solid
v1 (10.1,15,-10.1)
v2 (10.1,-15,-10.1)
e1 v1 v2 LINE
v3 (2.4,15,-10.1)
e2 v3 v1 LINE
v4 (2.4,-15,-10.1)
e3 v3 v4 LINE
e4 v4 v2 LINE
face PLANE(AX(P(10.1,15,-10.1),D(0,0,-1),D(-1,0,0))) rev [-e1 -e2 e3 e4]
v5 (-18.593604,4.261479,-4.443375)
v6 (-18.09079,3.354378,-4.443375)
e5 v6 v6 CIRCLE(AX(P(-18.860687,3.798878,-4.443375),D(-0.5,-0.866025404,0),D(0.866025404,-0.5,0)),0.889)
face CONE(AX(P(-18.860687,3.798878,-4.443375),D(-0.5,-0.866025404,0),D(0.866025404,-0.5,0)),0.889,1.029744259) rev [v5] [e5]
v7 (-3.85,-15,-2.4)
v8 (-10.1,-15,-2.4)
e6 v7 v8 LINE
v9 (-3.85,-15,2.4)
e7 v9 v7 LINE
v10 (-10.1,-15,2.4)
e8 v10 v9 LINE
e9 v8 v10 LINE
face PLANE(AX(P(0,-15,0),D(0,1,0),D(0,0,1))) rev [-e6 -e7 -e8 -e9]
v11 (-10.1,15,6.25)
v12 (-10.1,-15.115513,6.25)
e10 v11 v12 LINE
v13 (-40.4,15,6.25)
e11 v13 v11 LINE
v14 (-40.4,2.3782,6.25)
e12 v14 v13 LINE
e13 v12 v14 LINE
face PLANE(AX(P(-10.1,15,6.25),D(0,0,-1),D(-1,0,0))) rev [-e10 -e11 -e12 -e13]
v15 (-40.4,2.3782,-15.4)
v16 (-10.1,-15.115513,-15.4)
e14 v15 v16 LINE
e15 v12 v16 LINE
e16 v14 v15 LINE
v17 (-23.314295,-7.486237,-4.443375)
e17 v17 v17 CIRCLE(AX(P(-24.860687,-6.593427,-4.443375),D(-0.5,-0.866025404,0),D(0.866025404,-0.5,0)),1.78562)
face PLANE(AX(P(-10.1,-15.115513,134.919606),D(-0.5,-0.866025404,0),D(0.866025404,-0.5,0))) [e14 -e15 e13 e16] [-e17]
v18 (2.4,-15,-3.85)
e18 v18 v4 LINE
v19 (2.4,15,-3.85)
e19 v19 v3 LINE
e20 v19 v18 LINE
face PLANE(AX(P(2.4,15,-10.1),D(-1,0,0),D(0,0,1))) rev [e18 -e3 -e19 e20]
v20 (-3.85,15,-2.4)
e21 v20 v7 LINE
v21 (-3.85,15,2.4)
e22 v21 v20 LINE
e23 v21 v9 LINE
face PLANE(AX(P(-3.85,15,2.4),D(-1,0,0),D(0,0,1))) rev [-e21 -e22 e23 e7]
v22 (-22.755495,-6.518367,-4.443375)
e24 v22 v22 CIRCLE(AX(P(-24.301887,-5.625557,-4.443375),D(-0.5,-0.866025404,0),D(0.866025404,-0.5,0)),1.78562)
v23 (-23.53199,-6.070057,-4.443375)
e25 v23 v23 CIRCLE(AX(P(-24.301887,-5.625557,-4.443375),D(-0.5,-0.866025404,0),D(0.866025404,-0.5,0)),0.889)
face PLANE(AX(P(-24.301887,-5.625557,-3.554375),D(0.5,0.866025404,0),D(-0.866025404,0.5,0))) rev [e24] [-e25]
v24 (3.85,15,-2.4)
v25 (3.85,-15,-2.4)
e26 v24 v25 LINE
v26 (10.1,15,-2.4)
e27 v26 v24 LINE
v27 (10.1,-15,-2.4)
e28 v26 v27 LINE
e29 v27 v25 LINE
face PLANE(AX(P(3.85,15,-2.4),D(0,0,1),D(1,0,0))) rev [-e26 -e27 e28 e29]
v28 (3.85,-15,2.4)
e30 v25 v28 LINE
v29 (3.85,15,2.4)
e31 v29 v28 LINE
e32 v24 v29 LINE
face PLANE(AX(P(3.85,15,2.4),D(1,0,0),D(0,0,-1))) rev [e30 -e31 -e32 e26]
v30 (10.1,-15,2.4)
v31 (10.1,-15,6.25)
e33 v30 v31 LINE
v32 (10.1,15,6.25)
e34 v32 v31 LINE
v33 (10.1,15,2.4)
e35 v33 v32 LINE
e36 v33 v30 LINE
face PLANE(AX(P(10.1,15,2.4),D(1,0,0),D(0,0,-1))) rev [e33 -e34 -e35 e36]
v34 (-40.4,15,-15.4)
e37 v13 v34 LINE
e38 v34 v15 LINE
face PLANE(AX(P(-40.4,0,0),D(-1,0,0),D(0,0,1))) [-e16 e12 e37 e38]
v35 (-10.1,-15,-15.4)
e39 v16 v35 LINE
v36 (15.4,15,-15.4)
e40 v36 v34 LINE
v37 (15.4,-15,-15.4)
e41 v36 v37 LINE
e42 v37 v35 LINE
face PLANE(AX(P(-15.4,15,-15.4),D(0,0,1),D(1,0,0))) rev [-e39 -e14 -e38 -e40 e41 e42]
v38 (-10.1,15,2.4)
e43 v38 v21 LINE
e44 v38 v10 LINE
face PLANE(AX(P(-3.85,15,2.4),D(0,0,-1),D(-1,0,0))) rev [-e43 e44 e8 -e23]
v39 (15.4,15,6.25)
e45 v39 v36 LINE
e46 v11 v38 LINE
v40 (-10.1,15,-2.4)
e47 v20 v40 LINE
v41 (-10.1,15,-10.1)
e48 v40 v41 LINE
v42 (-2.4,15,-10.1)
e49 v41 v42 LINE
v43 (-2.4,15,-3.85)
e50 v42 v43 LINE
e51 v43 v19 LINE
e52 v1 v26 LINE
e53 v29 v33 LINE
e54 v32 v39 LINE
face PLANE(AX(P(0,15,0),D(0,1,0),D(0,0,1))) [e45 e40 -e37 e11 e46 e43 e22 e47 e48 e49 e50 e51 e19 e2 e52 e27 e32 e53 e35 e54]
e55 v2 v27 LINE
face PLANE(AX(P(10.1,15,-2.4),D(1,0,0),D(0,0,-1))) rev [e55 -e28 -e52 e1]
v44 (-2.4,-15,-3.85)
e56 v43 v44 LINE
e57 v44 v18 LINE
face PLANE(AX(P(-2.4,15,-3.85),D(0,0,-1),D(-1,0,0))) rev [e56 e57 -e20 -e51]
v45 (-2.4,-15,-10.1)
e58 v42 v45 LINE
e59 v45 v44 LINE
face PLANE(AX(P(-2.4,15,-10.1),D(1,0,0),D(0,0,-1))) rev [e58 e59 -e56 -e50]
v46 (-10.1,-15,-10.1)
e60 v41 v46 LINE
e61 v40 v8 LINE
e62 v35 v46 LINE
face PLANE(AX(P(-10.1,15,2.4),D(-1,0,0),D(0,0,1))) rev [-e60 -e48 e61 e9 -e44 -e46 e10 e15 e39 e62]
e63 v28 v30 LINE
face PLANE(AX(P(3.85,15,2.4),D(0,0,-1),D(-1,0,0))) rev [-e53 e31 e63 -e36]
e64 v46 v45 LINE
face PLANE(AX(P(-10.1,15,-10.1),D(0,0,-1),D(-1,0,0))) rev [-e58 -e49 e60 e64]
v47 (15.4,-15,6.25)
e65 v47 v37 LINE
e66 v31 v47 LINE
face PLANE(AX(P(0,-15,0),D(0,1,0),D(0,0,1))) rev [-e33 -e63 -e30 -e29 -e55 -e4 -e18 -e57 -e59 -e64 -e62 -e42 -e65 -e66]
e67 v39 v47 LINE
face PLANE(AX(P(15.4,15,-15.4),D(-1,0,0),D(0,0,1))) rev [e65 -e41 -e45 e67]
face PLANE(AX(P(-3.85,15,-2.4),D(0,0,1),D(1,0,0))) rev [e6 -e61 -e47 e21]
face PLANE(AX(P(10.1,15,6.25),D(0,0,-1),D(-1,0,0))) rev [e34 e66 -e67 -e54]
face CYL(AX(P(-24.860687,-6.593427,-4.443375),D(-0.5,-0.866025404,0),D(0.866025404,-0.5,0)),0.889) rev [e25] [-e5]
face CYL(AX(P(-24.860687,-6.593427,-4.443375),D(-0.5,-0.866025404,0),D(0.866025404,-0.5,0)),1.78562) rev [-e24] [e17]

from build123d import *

# Parameters (mm, degrees)
BOSS_EXTRU_1_DEPTH                               = 15
ESQUISSE1_W                                      = 21.65
ESQUISSE1_H                                      = 30
BOSS_EXTRU_2_DEPTH                               = 25
ESQUISSE3_W                                      = 30.3
ESQUISSE3_H                                      = 21.65
BOSS_EXTRU_3_DEPTH                               = 25
ENL_V_MAT_EXTRU_2_DEPTH                          = 61.834878976
ENL_V_MAT_EXTRU_2_DEPTH_BACK                     = 61.834878976
CHAMBRAGE_POUR_VIS_T_TE_RONDE_BOMB_E_D           = 1.778
CHAMBRAGE_POUR_VIS_T_TE_RONDE_BOMB_E_DEPTH       = 12
CHAMBRAGE_POUR_VIS_T_TE_RONDE_BOMB_E_CBORE_D     = 3.57124
CHAMBRAGE_POUR_VIS_T_TE_RONDE_BOMB_E_CBORE_DEPTH = 1.1176
CHAMBRAGE_POUR_VIS_T_TE_RONDE_BOMB_E_TIP         = 0.53416509


with BuildPart() as part:
    # Base → Boss.-Extru.1 (new, symmetric)
    with BuildSketch(Plane(origin=(0, 0, 0), x_dir=(1, 0, 0), z_dir=(0, 1, 0))):
        Polygon((-3.85, -2.4), (-3.85, 2.4), (-10.1, 2.4), (-10.1, 10.1), (-2.4, 10.1), (-2.4, 3.85), (2.4, 3.85), (2.4, 10.1), (10.1, 10.1), (10.1, 2.4), (3.85, 2.4), (3.85, -2.4), (10.1, -2.4), (10.1, -6.25), (15.4, -6.25), (15.4, 15.4), (-15.4, 15.4), (-15.4, -6.25), (-10.1, -6.25), (-10.1, -2.4), align=None)
    extrude(amount=BOSS_EXTRU_1_DEPTH, both=True)

    # Esquisse1 → Boss.-Extru.2 (add)
    with BuildSketch(Plane.ZY.offset(15.4)):
        with Locations((-4.575, 0)):
            Rectangle(ESQUISSE1_W, ESQUISSE1_H)
    extrude(amount=BOSS_EXTRU_2_DEPTH)

    # Esquisse3 → Boss.-Extru.3 (add)
    with BuildSketch(Plane.XZ.offset(15)):
        with Locations((-25.25, -4.575)):
            Rectangle(ESQUISSE3_W, ESQUISSE3_H)
    extrude(amount=BOSS_EXTRU_3_DEPTH)

    # Esquisse4 → Enlèv. mat.-Extru.2 (cut, two sides: drawn at the far end of the back side and taken through both)
    with BuildSketch(Plane.XY.offset(6.25).offset(-ENL_V_MAT_EXTRU_2_DEPTH_BACK)):
        Polygon((119.921926151, -90.183707408), (-10.1, -15.115513344), (-40.4, 2.378199813), (-170.421926151, 77.446393876), (-320.558314278, -182.597458425), (-30.214461977, -350.227559709), align=None)
    extrude(amount=ENL_V_MAT_EXTRU_2_DEPTH + ENL_V_MAT_EXTRU_2_DEPTH_BACK, mode=Mode.SUBTRACT)

    # Chambrage pour vis à tête ronde bombée #02
    with Locations(Plane(origin=(-9.070209274, -15.710063297, 0), x_dir=(-0.8660254037844364, 0.5000000000000041, 0), z_dir=(-0.500000000000004, -0.8660254037844363, 0))):
        with Locations((18.233273003, 4.443374623)):
            CounterBoreHole(CHAMBRAGE_POUR_VIS_T_TE_RONDE_BOMB_E_D / 2, CHAMBRAGE_POUR_VIS_T_TE_RONDE_BOMB_E_CBORE_D / 2, CHAMBRAGE_POUR_VIS_T_TE_RONDE_BOMB_E_CBORE_DEPTH, depth=CHAMBRAGE_POUR_VIS_T_TE_RONDE_BOMB_E_DEPTH)
            with Locations((0, 0, -(CHAMBRAGE_POUR_VIS_T_TE_RONDE_BOMB_E_DEPTH + CHAMBRAGE_POUR_VIS_T_TE_RONDE_BOMB_E_TIP / 2))):  # 118° drill point
                Cone(0, CHAMBRAGE_POUR_VIS_T_TE_RONDE_BOMB_E_D / 2, CHAMBRAGE_POUR_VIS_T_TE_RONDE_BOMB_E_TIP, mode=Mode.SUBTRACT)


solid = part.part
